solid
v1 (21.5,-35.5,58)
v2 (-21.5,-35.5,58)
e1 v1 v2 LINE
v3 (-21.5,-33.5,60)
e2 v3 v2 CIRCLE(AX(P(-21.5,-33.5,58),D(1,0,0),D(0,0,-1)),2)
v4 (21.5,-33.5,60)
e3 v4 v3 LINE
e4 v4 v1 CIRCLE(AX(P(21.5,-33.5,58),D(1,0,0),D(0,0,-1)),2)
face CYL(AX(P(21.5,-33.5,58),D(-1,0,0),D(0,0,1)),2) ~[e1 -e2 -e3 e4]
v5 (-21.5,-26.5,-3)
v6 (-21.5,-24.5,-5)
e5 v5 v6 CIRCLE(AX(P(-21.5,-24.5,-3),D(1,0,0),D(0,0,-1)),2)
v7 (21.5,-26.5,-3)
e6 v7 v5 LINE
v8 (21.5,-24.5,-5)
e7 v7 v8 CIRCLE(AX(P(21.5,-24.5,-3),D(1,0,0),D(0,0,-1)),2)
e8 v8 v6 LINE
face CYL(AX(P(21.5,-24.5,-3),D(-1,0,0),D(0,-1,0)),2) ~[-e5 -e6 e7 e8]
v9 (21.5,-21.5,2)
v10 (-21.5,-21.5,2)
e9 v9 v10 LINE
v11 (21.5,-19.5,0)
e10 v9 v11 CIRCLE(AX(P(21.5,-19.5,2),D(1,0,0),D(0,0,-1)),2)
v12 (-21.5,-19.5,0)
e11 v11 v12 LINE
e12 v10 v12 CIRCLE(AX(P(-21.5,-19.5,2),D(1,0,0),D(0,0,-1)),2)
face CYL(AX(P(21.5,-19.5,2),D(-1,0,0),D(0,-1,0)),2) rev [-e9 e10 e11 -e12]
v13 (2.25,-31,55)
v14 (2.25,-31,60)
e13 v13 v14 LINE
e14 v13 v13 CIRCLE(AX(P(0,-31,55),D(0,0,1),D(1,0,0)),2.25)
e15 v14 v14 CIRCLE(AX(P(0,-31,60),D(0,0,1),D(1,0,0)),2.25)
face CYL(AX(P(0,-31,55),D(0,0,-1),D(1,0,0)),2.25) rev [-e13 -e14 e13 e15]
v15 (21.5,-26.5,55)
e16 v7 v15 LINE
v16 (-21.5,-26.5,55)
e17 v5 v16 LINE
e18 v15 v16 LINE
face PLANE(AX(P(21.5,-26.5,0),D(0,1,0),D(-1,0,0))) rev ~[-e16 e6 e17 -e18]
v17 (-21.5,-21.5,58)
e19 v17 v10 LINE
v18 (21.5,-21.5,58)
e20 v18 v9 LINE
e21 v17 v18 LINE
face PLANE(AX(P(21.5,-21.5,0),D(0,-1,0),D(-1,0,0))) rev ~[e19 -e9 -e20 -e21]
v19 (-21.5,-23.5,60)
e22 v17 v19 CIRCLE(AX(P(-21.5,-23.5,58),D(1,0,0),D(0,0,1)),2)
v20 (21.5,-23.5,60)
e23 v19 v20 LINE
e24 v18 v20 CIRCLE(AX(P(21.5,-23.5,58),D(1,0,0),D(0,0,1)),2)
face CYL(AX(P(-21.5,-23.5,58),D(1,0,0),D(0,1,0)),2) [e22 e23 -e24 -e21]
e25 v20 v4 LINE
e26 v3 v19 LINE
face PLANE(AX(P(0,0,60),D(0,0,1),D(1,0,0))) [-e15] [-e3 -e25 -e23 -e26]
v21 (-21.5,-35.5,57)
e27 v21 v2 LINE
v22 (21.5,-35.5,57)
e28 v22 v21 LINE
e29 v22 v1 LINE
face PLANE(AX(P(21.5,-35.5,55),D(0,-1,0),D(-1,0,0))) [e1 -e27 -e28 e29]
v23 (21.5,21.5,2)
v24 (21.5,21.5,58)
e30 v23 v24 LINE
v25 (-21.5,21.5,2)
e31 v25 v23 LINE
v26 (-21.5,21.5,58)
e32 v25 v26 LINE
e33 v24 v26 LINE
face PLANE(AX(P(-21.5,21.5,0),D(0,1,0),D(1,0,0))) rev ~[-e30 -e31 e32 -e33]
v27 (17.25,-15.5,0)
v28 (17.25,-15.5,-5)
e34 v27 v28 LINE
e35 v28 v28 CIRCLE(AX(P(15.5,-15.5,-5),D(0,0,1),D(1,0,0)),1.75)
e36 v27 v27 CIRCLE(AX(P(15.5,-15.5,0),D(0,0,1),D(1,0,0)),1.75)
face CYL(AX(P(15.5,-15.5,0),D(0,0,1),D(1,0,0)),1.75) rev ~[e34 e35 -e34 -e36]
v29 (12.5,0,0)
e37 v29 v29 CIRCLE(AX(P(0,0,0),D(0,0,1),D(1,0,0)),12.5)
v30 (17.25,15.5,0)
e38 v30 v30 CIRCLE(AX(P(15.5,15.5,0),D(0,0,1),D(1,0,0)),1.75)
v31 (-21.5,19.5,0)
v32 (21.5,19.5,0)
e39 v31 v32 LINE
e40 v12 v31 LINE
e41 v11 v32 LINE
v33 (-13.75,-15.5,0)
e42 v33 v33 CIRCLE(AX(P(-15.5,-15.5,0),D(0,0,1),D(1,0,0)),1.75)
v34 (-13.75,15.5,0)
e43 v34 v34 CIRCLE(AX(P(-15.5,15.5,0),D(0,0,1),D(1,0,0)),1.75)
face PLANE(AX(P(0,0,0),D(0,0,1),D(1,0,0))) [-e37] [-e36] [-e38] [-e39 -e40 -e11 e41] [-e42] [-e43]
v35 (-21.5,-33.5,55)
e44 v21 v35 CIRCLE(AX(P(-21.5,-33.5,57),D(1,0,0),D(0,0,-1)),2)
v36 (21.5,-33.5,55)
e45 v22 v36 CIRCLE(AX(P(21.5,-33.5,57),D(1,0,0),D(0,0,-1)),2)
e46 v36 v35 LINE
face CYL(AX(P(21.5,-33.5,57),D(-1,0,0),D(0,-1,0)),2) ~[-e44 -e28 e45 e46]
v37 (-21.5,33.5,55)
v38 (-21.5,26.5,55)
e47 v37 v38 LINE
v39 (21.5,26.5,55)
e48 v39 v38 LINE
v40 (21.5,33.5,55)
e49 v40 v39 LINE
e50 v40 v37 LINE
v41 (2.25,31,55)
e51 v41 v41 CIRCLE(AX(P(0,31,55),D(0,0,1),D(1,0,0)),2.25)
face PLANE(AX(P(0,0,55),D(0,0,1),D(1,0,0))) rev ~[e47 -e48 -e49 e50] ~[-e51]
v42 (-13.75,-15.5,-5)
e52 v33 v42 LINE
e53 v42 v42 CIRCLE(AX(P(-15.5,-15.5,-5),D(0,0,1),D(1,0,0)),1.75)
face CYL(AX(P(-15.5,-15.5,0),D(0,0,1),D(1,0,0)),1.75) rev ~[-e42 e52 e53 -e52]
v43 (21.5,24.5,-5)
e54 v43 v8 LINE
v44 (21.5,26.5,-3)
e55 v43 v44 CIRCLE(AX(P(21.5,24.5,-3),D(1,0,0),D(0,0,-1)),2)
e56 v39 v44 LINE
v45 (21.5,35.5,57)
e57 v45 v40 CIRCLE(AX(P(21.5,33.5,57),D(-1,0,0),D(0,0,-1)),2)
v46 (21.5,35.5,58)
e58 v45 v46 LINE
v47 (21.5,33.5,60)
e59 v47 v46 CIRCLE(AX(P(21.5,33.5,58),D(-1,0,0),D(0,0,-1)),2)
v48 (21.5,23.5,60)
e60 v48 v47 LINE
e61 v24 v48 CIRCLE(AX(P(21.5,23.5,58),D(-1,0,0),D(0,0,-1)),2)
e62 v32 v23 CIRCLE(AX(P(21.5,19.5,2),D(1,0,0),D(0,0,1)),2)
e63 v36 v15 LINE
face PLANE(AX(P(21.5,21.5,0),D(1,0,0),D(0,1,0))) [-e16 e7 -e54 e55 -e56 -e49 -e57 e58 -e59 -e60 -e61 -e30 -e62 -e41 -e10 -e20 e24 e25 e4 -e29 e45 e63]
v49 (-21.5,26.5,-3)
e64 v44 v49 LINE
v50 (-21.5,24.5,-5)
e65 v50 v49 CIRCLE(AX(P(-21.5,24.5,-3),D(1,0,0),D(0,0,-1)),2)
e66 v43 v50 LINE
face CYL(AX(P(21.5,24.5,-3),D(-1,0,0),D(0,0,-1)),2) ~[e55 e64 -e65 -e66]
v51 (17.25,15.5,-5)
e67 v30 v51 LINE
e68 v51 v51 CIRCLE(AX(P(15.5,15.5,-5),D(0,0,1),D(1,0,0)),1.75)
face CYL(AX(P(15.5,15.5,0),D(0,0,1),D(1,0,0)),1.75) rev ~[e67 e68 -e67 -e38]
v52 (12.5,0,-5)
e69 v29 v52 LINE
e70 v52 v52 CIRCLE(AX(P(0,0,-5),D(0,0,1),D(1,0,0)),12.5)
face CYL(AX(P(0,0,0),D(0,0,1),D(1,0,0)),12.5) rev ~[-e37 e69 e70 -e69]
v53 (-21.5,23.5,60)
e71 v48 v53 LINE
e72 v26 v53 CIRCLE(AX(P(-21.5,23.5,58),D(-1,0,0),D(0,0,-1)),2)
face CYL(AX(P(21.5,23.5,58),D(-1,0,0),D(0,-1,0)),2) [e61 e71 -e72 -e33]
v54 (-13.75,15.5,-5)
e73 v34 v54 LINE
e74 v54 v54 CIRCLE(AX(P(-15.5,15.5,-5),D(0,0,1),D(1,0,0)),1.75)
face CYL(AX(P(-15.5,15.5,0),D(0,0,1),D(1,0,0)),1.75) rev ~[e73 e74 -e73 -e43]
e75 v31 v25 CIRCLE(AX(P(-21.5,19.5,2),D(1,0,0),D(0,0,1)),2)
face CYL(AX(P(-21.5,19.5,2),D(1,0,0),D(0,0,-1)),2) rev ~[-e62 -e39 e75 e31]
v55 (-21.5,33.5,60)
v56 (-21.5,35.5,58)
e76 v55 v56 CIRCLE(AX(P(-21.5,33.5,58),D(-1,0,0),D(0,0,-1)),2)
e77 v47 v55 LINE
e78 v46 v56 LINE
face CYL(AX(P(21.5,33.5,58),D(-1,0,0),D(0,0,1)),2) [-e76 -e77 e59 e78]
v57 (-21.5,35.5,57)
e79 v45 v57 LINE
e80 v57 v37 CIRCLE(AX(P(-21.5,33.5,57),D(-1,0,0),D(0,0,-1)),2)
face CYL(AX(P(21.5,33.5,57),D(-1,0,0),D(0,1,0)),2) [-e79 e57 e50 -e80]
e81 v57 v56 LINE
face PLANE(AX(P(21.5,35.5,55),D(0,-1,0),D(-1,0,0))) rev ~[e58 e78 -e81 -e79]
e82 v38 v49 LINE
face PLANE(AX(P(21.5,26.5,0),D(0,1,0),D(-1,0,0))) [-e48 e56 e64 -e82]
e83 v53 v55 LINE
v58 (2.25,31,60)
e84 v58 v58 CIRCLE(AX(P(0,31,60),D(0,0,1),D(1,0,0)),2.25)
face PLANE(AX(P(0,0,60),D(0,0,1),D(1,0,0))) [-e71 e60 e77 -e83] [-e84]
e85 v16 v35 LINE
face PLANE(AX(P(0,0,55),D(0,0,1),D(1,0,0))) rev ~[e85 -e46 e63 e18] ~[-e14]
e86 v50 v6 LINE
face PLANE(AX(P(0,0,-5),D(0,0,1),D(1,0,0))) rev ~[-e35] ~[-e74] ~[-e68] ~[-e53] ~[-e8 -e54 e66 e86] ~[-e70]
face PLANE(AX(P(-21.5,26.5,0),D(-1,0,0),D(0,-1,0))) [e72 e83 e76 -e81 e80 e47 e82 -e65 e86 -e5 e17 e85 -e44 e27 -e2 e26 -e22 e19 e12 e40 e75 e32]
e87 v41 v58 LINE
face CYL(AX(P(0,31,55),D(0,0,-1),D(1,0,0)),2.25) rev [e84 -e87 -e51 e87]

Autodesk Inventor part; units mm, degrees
ref_plane "YZ Plane" through (0, 0, 0) normal (1, 0, 0) x (0, 1, 0)
ref_plane "XZ Plane" through (0, 0, 0) normal (0, 1, 0) x (-1, 0, 0)
ref_plane "XY Plane" through (0, 0, 0) normal (0, 0, 1) x (1, 0, 0)
sketch "Sketch1" plane through (0, 0, 0) normal (0, 0, 1) x (1, 0, 0)
  circle A0 centre (-15.5, -15.5) radius 1.75
  circle A1 centre (15.5, -15.5) radius 1.75
  circle A2 centre (-15.5, 15.5) radius 1.75
  circle A3 centre (15.5, 15.5) radius 1.75
  circle A4 centre (0, 0) radius 12.5
  line L0 (-21.5, 21.5) -> (21.5, 21.5)
  line L1 (21.5, -21.5) -> (-21.5, -21.5)
  line L2 (-21.5, 21.5) -> (21.5, -21.5) construction
  line L3 (21.5, 21.5) -> (-21.5, -21.5) construction
  line L4 (-21.5, -21.5) -> (21.5, -21.5)
  line L5 (-21.5, 21.5) -> (-21.5, -21.5)
  line L6 (21.5, 21.5) -> (21.5, -21.5)
  line L7 (-21.5, 21.5) -> (21.5, 21.5)
  line L8 (21.5, 21.5) -> (21.5, 26.5)
  line L9 (21.5, 26.5) -> (-21.5, 26.5)
  line L10 (-21.5, 26.5) -> (-21.5, 21.5)
  line L11 (0, 0) -> (-7.0913, 0)
  line L12 (21.5, -21.5) -> (21.5, -26.5)
  line L13 (21.5, -26.5) -> (-21.5, -26.5)
  line L14 (-21.5, -26.5) -> (-21.5, -21.5)
  point P0 (0, 26.5)
  point P1 (0, -26.5)
  point P2 (21.5, 21.5)
  dimension "d0" = 3.5
  dimension "d1" = 31
  dimension "d2" = 25
  dimension "d3" = 43
  dimension "d4" = 43
  dimension "d6" = 15.5
  dimension "d7" = 43
  dimension "d8" = 5
extrude "face" add sketch "Sketch1" against normal blind 5
extrude "length" add sketch "Sketch1" along normal blind 55 contours L10 L9 L8 L0 | L1 L12 L13 L14
sketch "Sketch2" plane through (0, 0, 55) normal (0, 0, 1) x (1, 0, 0)
  line L0 (-21.5, -21.5) -> (21.5, -21.5) projected
  line L1 (21.5, -21.5) -> (21.5, 21.5) projected
  line L2 (21.5, 21.5) -> (-21.5, 21.5) projected
  line L3 (-21.5, 21.5) -> (-21.5, -21.5) projected
  circle A0 centre (15.5, 15.5) radius 1.75 projected
  circle A1 centre (-15.5, 15.5) radius 1.75 projected
  circle A2 centre (-15.5, -15.5) radius 1.75 projected
  circle A3 centre (15.5, -15.5) radius 1.75 projected
  circle A4 centre (0, 0) radius 12.5 projected
  line L4 (-21.5, 26.5) -> (-21.5, 21.5) projected
  line L5 (-21.5, 21.5) -> (21.5, 21.5) projected
  line L6 (21.5, 21.5) -> (21.5, 26.5) projected
  line L7 (21.5, 26.5) -> (-21.5, 26.5) projected
  line L8 (21.5, -26.5) -> (21.5, -21.5) projected
  line L9 (21.5, -21.5) -> (-21.5, -21.5) projected
  line L10 (-21.5, -21.5) -> (-21.5, -26.5) projected
  line L11 (-21.5, -26.5) -> (21.5, -26.5) projected
  line L12 (-21.5, 26.5) -> (21.5, 26.5)
  line L13 (21.5, 26.5) -> (21.5, 35.5)
  line L14 (21.5, 35.5) -> (-21.5, 35.5)
  line L15 (-21.5, 35.5) -> (-21.5, 26.5)
  line L16 (0, 0) -> (-5.3455, 0)
  line L17 (21.5, -26.5) -> (21.5, -35.5)
  line L18 (21.5, -35.5) -> (-21.5, -35.5)
  line L19 (-21.5, -35.5) -> (-21.5, -26.5)
  line L20 (-21.5, -26.5) -> (21.5, -26.5) projected
  circle A5 centre (0, -31) radius 2.25
  circle A6 centre (0, 31) radius 2.25
  point P0 (-21.5, -31)
  dimension "d13" = 9
  dimension "d19" = 4.5
extrude "mount" add sketch "Sketch2" along normal blind 5 contours L0 L8 L11 L10 | L4 L7 L6 L2 | L11 L17 L18 L19 | L15 L14 L13 L7
fillet "Fillet3" radius 2 2 edges at (0, -21.5, 0) (0, 21.5, 0)
fillet "Fillet4" radius 2 2 edges at (0, 21.5, 60) (0, -21.5, 60)
fillet "Fillet5" radius 2 6 edges at (0, -26.5, -5) (0, 26.5, -5) (0, 35.5, 55) (0, 35.5, 60) (0, -35.5, 55) (0, -35.5, 60)
properties part number "motor_holder_V4"
